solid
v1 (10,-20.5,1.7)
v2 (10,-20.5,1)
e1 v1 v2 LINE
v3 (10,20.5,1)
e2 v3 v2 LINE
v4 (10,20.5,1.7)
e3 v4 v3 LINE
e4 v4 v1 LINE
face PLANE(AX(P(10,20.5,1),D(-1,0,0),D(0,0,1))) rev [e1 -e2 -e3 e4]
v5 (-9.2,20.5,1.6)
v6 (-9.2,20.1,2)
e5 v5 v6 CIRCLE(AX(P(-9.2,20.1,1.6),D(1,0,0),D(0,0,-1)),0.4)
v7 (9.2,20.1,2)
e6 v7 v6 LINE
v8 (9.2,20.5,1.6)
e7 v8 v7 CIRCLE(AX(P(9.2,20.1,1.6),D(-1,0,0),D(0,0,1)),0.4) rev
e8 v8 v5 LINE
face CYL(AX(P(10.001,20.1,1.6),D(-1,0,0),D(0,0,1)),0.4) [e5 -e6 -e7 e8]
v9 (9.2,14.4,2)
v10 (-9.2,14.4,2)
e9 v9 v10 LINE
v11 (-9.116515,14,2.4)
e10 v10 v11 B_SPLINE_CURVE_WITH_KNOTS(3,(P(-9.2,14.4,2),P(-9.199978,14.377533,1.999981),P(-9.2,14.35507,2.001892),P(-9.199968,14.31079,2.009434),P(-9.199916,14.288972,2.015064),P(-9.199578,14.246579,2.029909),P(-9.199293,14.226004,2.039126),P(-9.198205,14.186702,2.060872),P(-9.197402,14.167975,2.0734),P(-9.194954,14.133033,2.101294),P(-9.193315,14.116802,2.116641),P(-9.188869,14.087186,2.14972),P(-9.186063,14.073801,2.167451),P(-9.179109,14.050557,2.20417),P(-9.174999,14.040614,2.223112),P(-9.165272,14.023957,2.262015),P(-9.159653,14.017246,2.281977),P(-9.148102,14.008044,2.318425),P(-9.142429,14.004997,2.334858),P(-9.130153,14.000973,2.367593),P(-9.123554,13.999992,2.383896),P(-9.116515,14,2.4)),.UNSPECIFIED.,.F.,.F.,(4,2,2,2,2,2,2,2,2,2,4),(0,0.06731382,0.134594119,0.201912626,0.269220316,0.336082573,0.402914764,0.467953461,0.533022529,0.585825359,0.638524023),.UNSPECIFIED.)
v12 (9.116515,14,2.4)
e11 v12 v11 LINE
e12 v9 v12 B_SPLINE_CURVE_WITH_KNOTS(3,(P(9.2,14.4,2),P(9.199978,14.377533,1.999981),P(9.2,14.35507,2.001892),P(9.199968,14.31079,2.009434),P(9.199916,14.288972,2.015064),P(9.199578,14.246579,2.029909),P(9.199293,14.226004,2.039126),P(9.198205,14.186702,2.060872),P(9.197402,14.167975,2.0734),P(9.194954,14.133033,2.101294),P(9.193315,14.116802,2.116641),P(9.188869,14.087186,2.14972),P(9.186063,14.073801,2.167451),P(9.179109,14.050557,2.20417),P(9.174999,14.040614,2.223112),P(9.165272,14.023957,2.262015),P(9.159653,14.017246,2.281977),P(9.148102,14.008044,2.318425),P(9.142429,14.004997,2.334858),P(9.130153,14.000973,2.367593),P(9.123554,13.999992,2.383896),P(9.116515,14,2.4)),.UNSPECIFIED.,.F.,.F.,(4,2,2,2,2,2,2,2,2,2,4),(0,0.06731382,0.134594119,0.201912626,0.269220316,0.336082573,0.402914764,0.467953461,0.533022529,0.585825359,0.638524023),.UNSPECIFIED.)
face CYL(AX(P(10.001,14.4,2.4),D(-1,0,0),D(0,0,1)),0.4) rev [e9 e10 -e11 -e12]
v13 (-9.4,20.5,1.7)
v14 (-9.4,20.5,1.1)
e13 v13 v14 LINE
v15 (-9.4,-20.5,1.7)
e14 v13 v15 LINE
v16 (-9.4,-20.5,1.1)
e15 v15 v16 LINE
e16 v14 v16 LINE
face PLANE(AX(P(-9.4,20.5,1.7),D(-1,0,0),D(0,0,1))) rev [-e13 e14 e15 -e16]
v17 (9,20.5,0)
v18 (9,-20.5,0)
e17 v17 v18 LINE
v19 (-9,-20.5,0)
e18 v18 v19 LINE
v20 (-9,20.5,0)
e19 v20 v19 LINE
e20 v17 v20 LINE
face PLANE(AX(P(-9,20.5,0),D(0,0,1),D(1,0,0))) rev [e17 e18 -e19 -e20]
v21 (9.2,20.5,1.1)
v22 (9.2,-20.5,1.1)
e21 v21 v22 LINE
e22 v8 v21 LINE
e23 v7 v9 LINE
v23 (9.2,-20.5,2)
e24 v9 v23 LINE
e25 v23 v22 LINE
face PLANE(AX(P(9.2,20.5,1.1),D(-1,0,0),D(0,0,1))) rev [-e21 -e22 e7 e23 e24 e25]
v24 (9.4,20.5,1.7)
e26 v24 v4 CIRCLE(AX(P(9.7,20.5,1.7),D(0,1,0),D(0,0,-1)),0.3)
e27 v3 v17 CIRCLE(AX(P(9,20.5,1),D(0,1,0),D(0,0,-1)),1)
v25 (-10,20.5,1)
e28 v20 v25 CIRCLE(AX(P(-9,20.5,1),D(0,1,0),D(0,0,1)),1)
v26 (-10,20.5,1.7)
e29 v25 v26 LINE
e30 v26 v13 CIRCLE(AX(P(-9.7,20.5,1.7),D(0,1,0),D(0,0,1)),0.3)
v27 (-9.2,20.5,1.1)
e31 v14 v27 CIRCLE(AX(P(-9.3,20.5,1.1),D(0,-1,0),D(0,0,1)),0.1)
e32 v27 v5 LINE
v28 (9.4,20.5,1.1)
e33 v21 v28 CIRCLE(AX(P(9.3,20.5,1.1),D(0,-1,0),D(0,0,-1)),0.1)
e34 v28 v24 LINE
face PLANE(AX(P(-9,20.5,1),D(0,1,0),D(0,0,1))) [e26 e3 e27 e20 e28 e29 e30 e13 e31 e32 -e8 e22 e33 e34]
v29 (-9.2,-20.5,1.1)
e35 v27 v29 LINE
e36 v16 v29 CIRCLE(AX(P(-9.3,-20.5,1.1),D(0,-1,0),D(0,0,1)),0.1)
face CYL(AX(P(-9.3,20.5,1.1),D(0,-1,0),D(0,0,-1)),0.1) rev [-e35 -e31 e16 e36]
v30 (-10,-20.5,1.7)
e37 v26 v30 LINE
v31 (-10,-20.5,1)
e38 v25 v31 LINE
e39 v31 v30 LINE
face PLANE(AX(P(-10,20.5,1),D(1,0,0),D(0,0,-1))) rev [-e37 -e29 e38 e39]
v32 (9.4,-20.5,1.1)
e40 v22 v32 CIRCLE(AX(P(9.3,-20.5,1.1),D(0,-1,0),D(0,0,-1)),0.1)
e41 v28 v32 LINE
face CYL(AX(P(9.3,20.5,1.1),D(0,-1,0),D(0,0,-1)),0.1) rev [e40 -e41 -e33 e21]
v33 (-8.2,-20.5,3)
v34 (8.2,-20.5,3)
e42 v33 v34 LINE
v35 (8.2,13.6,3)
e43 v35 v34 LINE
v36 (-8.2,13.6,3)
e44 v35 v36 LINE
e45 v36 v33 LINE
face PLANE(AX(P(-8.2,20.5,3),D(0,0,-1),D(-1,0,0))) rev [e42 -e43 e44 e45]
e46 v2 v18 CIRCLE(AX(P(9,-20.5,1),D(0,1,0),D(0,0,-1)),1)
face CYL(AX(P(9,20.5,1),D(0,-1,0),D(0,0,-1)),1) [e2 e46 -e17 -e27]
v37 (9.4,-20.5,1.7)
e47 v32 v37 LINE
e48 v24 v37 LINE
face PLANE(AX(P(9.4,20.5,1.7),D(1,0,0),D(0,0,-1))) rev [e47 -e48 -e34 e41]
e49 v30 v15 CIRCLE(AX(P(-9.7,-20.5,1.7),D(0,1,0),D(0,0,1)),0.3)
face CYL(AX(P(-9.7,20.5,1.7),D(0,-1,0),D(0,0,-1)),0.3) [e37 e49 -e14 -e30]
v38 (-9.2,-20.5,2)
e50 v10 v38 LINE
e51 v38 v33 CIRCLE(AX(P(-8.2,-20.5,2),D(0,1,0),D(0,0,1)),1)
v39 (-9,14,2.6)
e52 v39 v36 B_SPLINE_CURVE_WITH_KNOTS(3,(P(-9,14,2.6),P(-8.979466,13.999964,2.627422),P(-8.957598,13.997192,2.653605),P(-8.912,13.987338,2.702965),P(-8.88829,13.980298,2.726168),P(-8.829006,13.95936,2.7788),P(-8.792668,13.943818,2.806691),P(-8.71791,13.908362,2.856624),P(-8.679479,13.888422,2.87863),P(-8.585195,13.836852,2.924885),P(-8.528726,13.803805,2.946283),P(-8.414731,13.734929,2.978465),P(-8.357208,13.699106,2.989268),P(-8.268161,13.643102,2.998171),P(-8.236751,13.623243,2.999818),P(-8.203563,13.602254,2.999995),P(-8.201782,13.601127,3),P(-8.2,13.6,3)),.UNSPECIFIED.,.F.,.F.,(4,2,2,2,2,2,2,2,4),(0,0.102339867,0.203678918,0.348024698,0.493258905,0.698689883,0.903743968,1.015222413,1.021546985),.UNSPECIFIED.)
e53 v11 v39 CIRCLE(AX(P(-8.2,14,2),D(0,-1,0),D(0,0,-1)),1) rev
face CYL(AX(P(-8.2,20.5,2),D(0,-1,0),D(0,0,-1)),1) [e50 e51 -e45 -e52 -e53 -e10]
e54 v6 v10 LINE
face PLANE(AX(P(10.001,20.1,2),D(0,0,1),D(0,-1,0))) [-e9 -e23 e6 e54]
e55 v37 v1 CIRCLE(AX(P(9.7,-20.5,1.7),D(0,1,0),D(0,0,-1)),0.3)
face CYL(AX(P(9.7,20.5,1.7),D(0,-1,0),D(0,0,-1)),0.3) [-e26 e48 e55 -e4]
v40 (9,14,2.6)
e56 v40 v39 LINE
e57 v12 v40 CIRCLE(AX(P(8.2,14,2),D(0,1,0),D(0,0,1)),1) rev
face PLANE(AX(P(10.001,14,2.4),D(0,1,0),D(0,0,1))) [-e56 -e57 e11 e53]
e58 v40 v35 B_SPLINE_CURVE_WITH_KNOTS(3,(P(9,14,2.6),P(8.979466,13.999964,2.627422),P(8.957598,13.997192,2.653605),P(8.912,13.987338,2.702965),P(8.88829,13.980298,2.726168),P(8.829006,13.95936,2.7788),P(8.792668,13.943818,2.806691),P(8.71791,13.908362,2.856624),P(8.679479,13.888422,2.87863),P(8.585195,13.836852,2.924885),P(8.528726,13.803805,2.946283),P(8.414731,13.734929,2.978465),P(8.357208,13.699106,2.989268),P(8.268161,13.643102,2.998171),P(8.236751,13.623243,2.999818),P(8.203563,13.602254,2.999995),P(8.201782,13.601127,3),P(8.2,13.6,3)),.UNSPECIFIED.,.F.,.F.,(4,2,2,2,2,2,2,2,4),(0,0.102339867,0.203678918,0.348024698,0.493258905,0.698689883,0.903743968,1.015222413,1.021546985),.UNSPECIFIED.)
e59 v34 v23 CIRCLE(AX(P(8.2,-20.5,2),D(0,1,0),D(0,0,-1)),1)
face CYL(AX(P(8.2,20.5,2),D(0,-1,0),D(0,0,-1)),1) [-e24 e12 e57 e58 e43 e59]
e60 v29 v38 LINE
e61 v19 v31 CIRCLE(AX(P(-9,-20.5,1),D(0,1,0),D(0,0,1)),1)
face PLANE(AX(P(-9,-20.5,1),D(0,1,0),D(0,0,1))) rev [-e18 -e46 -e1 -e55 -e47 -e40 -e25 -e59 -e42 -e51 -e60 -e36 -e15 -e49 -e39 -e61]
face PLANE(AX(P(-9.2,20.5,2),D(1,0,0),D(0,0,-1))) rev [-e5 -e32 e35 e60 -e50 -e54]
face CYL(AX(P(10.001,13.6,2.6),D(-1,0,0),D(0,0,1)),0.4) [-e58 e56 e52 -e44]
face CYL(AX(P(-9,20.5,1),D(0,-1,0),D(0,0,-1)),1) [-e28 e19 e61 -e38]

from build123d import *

# Parameters (mm, degrees)
EXTRUDE_1_DEPTH                 = 20.5
CUT_EXTRUDE_1_REACH             = 25.005
CUT_EXTRUDE_1_DIRECTION_2_REACH = 25.005


with BuildPart() as part:
    # Эскиз1 → Бобышка-Вытянуть1 (new, symmetric)
    with BuildSketch(Plane(origin=(0, 0, 0), x_dir=(1, 0, 0), z_dir=(0, 1, 0))):
        with BuildLine():
            Line((-9, 0), (9, 0))
            ThreePointArc((9, 0), (9.707106781, -0.292893219), (10, -1))
            Line((10, -1), (10, -1.7))
            ThreePointArc((10, -1.7), (9.7, -2), (9.4, -1.7))
            Line((9.4, -1.7), (9.4, -1.1))
            ThreePointArc((9.4, -1.1), (9.3, -1), (9.2, -1.1))
            Line((9.2, -1.1), (9.2, -2))
            ThreePointArc((9.2, -2), (8.907106781, -2.707106781), (8.2, -3))
            Line((8.2, -3), (-8.2, -3))
            ThreePointArc((-8.2, -3), (-8.907106781, -2.707106781), (-9.2, -2))
            Line((-9.2, -2), (-9.2, -1.1))
            ThreePointArc((-9.2, -1.1), (-9.3, -1), (-9.4, -1.1))
            Line((-9.4, -1.1), (-9.4, -1.7))
            ThreePointArc((-9.4, -1.7), (-9.7, -2), (-10, -1.7))
            Line((-10, -1.7), (-10, -1))
            ThreePointArc((-10, -1), (-9.707106781, -0.292893219), (-9, 0))
        make_face()
    extrude(amount=EXTRUDE_1_DEPTH, both=True)

    # Эскиз2 → Вырез-Вытянуть1 (cut, up to next)
    with BuildSketch(Plane(origin=(0, 0, 0), x_dir=(0, 0, -1), z_dir=(1, 0, 0)), mode=Mode.PRIVATE) as cut_extrude_1_sk1:
        with BuildLine():
            Line((-2, 20.1), (-2, 14.4))
            ThreePointArc((-2, 14.4), (-2.117157288, 14.117157288), (-2.4, 14))
            Line((-2.4, 14), (-2.6, 14))
            ThreePointArc((-2.6, 14), (-2.882842712, 13.882842712), (-3, 13.6))
            Line((-3, 13.6), (-3, 20.5))
            Line((-3, 20.5), (-1.6, 20.5))
            ThreePointArc((-1.6, 20.5), (-1.882842712, 20.382842712), (-2, 20.1))
        make_face()
    cut_extrude_1_tool1 = extrude(cut_extrude_1_sk1.sketch, amount=-CUT_EXTRUDE_1_REACH, mode=Mode.PRIVATE) & part.part
    add(cut_extrude_1_tool1.solids().sort_by_distance((0, 17.265669, 2.501219))[0], mode=Mode.SUBTRACT)

    # Эскиз2 → Вырез-Вытянуть1 direction 2 (cut, up to next)
    with BuildSketch(Plane(origin=(0, 0, 0), x_dir=(0, 0, -1), z_dir=(1, 0, 0)), mode=Mode.PRIVATE) as cut_extrude_1_direction_2_sk1:
        with BuildLine():
            Line((-2, 20.1), (-2, 14.4))
            ThreePointArc((-2, 14.4), (-2.117157288, 14.117157288), (-2.4, 14))
            Line((-2.4, 14), (-2.6, 14))
            ThreePointArc((-2.6, 14), (-2.882842712, 13.882842712), (-3, 13.6))
            Line((-3, 13.6), (-3, 20.5))
            Line((-3, 20.5), (-1.6, 20.5))
            ThreePointArc((-1.6, 20.5), (-1.882842712, 20.382842712), (-2, 20.1))
        make_face()
    cut_extrude_1_direction_2_tool1 = extrude(cut_extrude_1_direction_2_sk1.sketch, amount=CUT_EXTRUDE_1_DIRECTION_2_REACH, mode=Mode.PRIVATE) & part.part
    add(cut_extrude_1_direction_2_tool1.solids().sort_by_distance((0, 17.265669, 2.501219))[0], mode=Mode.SUBTRACT)


solid = part.part
